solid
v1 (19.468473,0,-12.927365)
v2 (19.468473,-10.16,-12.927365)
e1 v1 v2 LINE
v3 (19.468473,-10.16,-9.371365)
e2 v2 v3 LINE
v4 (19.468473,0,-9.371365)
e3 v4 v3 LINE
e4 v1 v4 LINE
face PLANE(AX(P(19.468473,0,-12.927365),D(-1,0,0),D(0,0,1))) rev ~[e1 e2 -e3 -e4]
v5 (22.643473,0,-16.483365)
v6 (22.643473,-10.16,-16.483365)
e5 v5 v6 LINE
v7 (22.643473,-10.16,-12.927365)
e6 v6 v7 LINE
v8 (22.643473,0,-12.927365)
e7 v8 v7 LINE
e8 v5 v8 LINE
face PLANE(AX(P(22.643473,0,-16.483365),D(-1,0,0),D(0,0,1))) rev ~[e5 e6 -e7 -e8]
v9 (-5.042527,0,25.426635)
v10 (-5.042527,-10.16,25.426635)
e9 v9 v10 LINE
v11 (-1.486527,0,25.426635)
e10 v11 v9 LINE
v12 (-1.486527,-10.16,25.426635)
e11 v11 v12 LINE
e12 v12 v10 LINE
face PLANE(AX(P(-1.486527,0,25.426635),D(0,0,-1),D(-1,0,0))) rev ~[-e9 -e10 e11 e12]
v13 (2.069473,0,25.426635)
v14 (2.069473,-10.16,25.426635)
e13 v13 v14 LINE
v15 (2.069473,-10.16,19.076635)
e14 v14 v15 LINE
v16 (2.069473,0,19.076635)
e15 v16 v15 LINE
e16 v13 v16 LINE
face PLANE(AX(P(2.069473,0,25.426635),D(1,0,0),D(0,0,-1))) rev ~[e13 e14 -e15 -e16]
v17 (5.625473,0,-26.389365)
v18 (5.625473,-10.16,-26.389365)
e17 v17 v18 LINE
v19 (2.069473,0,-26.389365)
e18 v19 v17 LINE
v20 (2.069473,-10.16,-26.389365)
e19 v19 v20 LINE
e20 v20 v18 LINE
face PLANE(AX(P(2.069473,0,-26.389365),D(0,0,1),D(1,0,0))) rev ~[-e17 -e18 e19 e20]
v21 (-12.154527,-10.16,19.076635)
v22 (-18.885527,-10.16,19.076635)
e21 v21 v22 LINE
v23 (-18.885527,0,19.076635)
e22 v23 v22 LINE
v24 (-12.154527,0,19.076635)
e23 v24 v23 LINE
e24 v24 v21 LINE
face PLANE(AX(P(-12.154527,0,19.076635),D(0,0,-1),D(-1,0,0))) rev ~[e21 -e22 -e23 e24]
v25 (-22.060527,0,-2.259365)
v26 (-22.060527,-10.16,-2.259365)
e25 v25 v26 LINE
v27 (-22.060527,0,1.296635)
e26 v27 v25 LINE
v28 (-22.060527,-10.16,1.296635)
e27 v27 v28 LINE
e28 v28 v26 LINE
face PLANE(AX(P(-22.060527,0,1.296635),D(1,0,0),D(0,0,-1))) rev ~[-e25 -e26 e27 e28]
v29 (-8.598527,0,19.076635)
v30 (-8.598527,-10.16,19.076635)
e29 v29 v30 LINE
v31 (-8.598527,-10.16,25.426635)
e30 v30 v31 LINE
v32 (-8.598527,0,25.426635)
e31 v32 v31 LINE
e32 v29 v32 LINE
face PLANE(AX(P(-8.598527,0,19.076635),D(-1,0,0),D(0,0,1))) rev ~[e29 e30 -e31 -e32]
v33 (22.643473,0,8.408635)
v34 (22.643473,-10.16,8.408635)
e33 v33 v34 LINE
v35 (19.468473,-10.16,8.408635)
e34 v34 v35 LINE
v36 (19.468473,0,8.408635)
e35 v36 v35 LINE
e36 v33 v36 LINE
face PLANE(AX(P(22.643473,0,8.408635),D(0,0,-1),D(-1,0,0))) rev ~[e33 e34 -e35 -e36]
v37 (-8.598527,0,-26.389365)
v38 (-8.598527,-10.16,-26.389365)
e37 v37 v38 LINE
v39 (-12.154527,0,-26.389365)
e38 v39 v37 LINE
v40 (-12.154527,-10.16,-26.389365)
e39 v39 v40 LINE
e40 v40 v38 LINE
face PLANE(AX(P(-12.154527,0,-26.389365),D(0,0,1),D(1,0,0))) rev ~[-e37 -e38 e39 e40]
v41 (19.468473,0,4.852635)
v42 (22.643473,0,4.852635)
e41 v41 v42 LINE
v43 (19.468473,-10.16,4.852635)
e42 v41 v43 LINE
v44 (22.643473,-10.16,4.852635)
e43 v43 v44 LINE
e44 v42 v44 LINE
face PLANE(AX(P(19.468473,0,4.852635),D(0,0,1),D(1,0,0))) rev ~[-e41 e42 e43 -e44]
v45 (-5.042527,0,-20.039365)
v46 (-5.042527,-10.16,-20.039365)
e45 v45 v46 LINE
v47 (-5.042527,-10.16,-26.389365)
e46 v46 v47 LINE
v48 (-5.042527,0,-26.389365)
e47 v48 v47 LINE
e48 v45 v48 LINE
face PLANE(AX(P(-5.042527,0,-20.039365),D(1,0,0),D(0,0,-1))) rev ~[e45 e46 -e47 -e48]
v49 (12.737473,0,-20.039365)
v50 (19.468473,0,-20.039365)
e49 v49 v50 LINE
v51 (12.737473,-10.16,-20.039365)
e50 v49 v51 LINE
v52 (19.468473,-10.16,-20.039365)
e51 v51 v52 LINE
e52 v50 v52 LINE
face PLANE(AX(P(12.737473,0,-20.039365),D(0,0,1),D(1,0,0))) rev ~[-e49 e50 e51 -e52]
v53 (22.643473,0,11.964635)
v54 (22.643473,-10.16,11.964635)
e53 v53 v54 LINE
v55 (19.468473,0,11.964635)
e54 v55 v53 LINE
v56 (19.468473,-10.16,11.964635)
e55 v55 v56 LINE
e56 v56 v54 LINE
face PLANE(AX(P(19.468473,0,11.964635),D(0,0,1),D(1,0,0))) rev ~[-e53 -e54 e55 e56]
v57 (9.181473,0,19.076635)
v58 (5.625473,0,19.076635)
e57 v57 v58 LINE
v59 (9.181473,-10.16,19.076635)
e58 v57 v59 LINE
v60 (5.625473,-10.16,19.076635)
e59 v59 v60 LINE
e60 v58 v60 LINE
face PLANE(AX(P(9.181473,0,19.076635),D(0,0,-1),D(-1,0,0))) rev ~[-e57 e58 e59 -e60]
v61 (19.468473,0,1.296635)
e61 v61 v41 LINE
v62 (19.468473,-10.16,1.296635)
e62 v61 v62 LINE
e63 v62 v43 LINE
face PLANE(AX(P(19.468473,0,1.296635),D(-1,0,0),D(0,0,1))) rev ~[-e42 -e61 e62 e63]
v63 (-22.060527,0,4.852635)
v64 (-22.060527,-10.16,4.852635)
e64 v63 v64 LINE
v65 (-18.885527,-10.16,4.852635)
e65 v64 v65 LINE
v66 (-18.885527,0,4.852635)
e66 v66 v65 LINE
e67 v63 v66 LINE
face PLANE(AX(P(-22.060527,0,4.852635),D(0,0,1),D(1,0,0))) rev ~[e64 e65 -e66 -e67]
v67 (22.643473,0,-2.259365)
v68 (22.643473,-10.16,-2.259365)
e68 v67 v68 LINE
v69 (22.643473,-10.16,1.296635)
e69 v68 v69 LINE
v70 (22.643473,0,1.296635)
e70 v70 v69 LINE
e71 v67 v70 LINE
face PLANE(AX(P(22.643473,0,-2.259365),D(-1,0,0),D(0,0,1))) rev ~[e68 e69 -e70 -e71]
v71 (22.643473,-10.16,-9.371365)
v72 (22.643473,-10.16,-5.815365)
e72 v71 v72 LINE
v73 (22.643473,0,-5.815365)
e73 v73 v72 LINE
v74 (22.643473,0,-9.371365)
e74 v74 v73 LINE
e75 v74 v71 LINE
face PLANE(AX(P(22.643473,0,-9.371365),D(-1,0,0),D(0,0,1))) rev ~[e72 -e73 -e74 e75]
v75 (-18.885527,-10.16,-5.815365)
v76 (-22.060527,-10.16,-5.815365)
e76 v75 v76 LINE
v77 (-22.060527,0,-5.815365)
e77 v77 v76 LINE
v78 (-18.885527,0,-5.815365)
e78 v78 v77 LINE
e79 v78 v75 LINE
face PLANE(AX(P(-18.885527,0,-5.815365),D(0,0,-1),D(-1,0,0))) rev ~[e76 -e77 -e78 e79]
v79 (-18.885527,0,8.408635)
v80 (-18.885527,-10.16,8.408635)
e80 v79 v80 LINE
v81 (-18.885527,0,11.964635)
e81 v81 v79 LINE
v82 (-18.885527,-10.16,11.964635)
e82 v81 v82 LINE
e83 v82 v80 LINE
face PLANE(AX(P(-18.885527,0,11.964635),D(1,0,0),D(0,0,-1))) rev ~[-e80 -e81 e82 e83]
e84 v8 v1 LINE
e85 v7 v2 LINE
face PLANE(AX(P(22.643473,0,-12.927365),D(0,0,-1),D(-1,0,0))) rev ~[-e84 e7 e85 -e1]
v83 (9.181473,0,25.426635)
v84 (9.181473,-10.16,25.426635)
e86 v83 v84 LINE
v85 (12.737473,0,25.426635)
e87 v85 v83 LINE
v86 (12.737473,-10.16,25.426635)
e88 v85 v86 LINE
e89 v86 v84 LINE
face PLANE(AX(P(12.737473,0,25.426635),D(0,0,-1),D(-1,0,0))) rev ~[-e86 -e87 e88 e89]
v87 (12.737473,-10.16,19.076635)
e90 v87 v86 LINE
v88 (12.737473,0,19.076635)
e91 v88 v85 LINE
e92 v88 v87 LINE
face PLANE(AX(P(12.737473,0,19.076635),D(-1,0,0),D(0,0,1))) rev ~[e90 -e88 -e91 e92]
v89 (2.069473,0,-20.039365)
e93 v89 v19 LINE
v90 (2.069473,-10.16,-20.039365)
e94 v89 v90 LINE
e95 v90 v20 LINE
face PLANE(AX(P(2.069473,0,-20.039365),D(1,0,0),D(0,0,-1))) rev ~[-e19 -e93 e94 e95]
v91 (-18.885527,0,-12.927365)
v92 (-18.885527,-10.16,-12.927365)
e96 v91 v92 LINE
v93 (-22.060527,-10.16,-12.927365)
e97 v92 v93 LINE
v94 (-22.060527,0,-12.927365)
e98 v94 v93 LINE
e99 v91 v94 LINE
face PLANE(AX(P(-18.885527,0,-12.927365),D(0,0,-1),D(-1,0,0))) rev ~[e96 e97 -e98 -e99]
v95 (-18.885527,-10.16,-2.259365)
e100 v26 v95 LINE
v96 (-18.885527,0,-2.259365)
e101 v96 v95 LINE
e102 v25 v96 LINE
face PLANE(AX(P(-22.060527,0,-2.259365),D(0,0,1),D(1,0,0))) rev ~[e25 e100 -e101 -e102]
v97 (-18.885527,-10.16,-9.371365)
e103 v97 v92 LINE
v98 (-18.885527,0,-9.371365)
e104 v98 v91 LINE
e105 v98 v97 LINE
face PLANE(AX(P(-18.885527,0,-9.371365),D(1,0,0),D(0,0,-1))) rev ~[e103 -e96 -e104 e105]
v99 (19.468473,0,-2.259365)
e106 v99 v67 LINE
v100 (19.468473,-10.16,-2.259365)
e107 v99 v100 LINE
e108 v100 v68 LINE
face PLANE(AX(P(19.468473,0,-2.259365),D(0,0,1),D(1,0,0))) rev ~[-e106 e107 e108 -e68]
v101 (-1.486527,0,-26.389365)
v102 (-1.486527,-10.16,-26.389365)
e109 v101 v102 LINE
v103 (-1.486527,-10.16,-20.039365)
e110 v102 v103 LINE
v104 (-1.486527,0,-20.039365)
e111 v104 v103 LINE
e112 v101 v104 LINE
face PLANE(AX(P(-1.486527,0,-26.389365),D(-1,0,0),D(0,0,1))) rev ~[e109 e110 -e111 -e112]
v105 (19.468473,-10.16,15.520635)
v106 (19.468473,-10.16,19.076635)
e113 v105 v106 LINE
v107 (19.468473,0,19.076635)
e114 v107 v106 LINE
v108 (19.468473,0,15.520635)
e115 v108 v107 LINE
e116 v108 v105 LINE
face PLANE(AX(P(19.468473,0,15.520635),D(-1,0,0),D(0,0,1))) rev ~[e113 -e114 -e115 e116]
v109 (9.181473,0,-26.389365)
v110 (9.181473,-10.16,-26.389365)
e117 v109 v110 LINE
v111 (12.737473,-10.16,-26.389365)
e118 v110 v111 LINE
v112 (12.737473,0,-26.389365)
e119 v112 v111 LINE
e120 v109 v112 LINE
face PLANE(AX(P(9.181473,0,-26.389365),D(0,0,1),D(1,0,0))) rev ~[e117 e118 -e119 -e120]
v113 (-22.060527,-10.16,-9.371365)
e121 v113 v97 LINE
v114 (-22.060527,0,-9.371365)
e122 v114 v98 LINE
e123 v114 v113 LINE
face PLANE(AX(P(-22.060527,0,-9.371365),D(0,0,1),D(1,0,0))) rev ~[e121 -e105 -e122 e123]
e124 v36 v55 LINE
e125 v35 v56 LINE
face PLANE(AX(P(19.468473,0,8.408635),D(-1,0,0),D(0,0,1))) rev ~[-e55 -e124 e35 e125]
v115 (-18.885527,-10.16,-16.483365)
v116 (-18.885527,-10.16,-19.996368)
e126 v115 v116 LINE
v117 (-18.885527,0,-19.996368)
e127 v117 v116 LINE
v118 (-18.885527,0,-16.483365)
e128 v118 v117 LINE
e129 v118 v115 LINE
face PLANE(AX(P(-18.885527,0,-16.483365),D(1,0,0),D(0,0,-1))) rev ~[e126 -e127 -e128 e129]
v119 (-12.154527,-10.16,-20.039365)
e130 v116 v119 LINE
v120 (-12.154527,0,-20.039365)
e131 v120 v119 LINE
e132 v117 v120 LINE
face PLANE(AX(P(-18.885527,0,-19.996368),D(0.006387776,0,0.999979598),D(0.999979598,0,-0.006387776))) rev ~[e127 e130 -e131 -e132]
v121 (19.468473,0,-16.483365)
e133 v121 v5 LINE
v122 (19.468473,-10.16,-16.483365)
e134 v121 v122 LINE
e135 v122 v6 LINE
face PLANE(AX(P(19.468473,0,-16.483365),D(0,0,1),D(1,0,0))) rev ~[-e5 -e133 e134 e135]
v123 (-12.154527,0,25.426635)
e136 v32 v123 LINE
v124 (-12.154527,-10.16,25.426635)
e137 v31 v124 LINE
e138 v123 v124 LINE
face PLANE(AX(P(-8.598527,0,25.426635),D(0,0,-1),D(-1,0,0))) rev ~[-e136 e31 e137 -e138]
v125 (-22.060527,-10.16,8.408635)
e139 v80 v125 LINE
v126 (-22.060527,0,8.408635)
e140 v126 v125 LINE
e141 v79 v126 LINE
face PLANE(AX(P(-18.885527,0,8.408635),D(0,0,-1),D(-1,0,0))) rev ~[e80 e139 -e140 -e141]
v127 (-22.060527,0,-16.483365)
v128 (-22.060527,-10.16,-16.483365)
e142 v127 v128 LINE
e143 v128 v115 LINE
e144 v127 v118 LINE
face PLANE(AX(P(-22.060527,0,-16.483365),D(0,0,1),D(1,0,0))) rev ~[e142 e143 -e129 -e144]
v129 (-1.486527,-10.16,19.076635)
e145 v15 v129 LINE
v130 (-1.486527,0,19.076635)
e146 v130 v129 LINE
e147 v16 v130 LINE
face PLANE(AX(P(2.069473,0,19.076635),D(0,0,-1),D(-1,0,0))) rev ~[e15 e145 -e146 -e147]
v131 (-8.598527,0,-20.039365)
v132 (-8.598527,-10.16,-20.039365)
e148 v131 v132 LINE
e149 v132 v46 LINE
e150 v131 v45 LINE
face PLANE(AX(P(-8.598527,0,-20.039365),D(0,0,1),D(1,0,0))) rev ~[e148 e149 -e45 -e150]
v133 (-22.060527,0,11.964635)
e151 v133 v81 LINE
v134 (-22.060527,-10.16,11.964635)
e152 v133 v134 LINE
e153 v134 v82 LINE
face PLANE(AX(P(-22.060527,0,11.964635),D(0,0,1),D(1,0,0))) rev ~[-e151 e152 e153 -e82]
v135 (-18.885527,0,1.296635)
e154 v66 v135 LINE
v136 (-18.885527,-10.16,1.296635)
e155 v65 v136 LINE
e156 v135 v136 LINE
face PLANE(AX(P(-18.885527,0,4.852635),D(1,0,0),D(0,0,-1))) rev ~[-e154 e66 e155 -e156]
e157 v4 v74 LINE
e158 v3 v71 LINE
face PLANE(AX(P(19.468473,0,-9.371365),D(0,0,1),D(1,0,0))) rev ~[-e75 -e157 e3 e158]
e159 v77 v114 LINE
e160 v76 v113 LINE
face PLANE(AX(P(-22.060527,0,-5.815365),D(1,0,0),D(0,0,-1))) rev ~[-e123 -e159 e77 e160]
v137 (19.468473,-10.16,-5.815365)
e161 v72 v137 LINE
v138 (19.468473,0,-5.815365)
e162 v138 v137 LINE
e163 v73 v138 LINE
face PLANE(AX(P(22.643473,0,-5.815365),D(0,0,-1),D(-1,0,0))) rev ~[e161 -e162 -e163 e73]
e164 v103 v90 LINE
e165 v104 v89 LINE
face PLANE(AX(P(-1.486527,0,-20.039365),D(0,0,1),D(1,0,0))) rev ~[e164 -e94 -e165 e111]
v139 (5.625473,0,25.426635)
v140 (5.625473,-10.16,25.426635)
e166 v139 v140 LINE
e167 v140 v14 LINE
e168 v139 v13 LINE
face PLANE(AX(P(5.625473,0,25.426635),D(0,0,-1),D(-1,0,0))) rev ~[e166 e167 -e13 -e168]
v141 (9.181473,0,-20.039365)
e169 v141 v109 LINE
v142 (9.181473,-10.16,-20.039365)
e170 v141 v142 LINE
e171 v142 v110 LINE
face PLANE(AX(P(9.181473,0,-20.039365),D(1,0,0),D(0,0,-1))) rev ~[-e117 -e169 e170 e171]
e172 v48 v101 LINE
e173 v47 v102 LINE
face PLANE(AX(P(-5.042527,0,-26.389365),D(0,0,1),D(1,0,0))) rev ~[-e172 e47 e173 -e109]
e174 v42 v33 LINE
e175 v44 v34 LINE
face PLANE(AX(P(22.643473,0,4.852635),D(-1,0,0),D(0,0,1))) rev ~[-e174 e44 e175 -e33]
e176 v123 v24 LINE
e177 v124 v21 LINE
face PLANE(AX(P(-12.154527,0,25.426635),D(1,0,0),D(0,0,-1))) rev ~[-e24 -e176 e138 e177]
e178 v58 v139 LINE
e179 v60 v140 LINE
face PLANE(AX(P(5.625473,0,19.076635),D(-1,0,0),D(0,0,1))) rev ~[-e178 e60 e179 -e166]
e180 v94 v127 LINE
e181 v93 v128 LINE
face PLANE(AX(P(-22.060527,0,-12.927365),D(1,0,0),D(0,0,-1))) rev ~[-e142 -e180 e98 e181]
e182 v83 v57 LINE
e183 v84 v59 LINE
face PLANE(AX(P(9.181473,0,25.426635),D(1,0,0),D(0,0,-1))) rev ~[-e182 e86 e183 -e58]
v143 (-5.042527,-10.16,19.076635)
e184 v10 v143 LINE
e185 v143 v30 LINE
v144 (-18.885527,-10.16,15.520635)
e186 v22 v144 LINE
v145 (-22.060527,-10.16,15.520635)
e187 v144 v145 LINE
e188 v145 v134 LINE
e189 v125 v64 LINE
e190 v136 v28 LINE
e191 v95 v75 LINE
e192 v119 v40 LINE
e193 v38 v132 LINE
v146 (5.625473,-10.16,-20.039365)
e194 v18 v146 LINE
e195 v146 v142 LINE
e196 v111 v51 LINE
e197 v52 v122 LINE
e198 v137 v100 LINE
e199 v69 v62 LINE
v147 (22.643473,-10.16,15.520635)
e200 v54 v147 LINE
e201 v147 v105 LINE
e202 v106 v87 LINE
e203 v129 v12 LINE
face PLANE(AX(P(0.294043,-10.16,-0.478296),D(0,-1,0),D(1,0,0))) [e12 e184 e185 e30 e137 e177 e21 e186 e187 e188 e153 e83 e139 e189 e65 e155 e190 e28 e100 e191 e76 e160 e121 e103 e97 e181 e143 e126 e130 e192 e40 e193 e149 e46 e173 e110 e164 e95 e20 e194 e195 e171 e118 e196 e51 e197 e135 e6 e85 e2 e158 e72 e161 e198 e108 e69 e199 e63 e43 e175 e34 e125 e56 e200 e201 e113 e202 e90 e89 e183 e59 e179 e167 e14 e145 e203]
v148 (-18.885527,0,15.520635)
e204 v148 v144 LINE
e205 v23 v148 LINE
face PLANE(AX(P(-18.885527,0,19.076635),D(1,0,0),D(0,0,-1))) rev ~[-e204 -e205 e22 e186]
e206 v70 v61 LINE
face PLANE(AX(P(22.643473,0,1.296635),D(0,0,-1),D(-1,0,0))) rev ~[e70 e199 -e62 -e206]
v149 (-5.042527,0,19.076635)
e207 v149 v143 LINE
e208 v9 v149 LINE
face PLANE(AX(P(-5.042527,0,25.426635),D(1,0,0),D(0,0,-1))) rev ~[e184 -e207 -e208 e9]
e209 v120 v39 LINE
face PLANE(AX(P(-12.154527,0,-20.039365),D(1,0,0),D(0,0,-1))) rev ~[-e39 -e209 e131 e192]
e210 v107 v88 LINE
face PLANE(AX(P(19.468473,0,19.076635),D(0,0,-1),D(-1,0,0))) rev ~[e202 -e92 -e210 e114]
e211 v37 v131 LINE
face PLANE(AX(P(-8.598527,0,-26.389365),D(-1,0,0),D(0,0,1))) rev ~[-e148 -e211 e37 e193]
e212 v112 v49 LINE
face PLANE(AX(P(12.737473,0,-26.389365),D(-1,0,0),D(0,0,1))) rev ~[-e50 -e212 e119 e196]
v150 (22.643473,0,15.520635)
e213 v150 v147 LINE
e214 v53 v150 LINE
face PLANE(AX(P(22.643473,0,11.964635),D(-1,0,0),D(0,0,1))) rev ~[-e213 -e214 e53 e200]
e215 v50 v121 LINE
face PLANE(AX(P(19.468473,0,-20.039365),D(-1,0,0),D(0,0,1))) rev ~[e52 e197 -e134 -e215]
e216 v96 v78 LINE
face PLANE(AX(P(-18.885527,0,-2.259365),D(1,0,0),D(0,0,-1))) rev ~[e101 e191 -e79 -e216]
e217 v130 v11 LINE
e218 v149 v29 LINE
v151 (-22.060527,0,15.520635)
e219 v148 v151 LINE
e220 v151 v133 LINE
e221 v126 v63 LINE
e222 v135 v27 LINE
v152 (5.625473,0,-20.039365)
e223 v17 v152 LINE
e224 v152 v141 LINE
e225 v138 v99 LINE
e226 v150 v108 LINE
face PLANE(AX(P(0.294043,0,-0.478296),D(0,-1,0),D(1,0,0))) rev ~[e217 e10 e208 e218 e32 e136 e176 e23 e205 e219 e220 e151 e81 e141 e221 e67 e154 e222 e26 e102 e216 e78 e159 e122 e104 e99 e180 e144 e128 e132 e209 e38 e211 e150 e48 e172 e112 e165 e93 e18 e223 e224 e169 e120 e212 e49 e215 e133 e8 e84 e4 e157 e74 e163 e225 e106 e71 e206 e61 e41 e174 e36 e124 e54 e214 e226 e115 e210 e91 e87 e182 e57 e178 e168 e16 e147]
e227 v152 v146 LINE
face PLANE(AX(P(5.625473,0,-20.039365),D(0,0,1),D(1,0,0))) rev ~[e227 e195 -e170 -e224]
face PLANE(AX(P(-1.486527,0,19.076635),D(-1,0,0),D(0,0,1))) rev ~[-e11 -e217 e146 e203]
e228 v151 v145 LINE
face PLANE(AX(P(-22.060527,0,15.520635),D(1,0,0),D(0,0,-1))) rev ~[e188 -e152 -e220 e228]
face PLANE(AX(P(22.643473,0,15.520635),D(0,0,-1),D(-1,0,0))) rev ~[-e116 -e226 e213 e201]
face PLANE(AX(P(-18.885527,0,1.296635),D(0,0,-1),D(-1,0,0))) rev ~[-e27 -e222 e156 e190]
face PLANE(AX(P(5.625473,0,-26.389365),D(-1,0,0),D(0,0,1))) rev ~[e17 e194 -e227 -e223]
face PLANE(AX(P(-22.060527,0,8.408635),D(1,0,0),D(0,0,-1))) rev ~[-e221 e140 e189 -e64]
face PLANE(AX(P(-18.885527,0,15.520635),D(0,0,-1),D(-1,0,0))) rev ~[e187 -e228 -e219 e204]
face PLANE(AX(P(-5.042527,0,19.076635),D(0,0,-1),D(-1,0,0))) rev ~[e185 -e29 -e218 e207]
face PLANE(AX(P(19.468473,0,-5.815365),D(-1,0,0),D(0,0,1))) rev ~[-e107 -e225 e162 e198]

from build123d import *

# Parameters (mm, degrees)
F1_DEPTH = 10.16


with BuildPart() as f1:
    # F0 (on Front) → F1 (new body)
    with BuildSketch(Plane.XZ):
        Polygon((-18.885527, -19.996368), (-12.154527, -20.039365), (-12.154527, -26.389365), (-8.598527, -26.389365), (-8.598527, -20.039365), (-5.042527, -20.039365), (-5.042527, -26.389365), (-1.486527, -26.389365), (-1.486527, -20.039365), (2.069473, -20.039365), (2.069473, -26.389365), (5.625473, -26.389365), (5.625473, -20.039365), (9.181473, -20.039365), (9.181473, -26.389365), (12.737473, -26.389365), (12.737473, -20.039365), (19.468473, -20.039365), (19.468473, -16.483365), (22.643473, -16.483365), (22.643473, -12.927365), (19.468473, -12.927365), (19.468473, -9.371365), (22.643473, -9.371365), (22.643473, -5.815365), (19.468473, -5.815365), (19.468473, -2.259365), (22.643473, -2.259365), (22.643473, 1.296635), (19.468473, 1.296635), (19.468473, 4.852635), (22.643473, 4.852635), (22.643473, 8.408635), (19.468473, 8.408635), (19.468473, 11.964635), (22.643473, 11.964635), (22.643473, 15.520635), (19.468473, 15.520635), (19.468473, 19.076635), (12.737473, 19.076635), (12.737473, 25.426635), (9.181473, 25.426635), (9.181473, 19.076635), (5.625473, 19.076635), (5.625473, 25.426635), (2.069473, 25.426635), (2.069473, 19.076635), (-1.486527, 19.076635), (-1.486527, 25.426635), (-5.042527, 25.426635), (-5.042527, 19.076635), (-8.598527, 19.076635), (-8.598527, 25.426635), (-12.154527, 25.426635), (-12.154527, 19.076635), (-18.885527, 19.076635), (-18.885527, 15.520635), (-22.060527, 15.520635), (-22.060527, 11.964635), (-18.885527, 11.964635), (-18.885527, 8.408635), (-22.060527, 8.408635), (-22.060527, 4.852635), (-18.885527, 4.852635), (-18.885527, 1.296635), (-22.060527, 1.296635), (-22.060527, -2.259365), (-18.885527, -2.259365), (-18.885527, -5.815365), (-22.060527, -5.815365), (-22.060527, -9.371365), (-18.885527, -9.371365), (-18.885527, -12.927365), (-22.060527, -12.927365), (-22.060527, -16.483365), (-18.885527, -16.483365), align=None)
    extrude(amount=F1_DEPTH)


solid = f1.part
